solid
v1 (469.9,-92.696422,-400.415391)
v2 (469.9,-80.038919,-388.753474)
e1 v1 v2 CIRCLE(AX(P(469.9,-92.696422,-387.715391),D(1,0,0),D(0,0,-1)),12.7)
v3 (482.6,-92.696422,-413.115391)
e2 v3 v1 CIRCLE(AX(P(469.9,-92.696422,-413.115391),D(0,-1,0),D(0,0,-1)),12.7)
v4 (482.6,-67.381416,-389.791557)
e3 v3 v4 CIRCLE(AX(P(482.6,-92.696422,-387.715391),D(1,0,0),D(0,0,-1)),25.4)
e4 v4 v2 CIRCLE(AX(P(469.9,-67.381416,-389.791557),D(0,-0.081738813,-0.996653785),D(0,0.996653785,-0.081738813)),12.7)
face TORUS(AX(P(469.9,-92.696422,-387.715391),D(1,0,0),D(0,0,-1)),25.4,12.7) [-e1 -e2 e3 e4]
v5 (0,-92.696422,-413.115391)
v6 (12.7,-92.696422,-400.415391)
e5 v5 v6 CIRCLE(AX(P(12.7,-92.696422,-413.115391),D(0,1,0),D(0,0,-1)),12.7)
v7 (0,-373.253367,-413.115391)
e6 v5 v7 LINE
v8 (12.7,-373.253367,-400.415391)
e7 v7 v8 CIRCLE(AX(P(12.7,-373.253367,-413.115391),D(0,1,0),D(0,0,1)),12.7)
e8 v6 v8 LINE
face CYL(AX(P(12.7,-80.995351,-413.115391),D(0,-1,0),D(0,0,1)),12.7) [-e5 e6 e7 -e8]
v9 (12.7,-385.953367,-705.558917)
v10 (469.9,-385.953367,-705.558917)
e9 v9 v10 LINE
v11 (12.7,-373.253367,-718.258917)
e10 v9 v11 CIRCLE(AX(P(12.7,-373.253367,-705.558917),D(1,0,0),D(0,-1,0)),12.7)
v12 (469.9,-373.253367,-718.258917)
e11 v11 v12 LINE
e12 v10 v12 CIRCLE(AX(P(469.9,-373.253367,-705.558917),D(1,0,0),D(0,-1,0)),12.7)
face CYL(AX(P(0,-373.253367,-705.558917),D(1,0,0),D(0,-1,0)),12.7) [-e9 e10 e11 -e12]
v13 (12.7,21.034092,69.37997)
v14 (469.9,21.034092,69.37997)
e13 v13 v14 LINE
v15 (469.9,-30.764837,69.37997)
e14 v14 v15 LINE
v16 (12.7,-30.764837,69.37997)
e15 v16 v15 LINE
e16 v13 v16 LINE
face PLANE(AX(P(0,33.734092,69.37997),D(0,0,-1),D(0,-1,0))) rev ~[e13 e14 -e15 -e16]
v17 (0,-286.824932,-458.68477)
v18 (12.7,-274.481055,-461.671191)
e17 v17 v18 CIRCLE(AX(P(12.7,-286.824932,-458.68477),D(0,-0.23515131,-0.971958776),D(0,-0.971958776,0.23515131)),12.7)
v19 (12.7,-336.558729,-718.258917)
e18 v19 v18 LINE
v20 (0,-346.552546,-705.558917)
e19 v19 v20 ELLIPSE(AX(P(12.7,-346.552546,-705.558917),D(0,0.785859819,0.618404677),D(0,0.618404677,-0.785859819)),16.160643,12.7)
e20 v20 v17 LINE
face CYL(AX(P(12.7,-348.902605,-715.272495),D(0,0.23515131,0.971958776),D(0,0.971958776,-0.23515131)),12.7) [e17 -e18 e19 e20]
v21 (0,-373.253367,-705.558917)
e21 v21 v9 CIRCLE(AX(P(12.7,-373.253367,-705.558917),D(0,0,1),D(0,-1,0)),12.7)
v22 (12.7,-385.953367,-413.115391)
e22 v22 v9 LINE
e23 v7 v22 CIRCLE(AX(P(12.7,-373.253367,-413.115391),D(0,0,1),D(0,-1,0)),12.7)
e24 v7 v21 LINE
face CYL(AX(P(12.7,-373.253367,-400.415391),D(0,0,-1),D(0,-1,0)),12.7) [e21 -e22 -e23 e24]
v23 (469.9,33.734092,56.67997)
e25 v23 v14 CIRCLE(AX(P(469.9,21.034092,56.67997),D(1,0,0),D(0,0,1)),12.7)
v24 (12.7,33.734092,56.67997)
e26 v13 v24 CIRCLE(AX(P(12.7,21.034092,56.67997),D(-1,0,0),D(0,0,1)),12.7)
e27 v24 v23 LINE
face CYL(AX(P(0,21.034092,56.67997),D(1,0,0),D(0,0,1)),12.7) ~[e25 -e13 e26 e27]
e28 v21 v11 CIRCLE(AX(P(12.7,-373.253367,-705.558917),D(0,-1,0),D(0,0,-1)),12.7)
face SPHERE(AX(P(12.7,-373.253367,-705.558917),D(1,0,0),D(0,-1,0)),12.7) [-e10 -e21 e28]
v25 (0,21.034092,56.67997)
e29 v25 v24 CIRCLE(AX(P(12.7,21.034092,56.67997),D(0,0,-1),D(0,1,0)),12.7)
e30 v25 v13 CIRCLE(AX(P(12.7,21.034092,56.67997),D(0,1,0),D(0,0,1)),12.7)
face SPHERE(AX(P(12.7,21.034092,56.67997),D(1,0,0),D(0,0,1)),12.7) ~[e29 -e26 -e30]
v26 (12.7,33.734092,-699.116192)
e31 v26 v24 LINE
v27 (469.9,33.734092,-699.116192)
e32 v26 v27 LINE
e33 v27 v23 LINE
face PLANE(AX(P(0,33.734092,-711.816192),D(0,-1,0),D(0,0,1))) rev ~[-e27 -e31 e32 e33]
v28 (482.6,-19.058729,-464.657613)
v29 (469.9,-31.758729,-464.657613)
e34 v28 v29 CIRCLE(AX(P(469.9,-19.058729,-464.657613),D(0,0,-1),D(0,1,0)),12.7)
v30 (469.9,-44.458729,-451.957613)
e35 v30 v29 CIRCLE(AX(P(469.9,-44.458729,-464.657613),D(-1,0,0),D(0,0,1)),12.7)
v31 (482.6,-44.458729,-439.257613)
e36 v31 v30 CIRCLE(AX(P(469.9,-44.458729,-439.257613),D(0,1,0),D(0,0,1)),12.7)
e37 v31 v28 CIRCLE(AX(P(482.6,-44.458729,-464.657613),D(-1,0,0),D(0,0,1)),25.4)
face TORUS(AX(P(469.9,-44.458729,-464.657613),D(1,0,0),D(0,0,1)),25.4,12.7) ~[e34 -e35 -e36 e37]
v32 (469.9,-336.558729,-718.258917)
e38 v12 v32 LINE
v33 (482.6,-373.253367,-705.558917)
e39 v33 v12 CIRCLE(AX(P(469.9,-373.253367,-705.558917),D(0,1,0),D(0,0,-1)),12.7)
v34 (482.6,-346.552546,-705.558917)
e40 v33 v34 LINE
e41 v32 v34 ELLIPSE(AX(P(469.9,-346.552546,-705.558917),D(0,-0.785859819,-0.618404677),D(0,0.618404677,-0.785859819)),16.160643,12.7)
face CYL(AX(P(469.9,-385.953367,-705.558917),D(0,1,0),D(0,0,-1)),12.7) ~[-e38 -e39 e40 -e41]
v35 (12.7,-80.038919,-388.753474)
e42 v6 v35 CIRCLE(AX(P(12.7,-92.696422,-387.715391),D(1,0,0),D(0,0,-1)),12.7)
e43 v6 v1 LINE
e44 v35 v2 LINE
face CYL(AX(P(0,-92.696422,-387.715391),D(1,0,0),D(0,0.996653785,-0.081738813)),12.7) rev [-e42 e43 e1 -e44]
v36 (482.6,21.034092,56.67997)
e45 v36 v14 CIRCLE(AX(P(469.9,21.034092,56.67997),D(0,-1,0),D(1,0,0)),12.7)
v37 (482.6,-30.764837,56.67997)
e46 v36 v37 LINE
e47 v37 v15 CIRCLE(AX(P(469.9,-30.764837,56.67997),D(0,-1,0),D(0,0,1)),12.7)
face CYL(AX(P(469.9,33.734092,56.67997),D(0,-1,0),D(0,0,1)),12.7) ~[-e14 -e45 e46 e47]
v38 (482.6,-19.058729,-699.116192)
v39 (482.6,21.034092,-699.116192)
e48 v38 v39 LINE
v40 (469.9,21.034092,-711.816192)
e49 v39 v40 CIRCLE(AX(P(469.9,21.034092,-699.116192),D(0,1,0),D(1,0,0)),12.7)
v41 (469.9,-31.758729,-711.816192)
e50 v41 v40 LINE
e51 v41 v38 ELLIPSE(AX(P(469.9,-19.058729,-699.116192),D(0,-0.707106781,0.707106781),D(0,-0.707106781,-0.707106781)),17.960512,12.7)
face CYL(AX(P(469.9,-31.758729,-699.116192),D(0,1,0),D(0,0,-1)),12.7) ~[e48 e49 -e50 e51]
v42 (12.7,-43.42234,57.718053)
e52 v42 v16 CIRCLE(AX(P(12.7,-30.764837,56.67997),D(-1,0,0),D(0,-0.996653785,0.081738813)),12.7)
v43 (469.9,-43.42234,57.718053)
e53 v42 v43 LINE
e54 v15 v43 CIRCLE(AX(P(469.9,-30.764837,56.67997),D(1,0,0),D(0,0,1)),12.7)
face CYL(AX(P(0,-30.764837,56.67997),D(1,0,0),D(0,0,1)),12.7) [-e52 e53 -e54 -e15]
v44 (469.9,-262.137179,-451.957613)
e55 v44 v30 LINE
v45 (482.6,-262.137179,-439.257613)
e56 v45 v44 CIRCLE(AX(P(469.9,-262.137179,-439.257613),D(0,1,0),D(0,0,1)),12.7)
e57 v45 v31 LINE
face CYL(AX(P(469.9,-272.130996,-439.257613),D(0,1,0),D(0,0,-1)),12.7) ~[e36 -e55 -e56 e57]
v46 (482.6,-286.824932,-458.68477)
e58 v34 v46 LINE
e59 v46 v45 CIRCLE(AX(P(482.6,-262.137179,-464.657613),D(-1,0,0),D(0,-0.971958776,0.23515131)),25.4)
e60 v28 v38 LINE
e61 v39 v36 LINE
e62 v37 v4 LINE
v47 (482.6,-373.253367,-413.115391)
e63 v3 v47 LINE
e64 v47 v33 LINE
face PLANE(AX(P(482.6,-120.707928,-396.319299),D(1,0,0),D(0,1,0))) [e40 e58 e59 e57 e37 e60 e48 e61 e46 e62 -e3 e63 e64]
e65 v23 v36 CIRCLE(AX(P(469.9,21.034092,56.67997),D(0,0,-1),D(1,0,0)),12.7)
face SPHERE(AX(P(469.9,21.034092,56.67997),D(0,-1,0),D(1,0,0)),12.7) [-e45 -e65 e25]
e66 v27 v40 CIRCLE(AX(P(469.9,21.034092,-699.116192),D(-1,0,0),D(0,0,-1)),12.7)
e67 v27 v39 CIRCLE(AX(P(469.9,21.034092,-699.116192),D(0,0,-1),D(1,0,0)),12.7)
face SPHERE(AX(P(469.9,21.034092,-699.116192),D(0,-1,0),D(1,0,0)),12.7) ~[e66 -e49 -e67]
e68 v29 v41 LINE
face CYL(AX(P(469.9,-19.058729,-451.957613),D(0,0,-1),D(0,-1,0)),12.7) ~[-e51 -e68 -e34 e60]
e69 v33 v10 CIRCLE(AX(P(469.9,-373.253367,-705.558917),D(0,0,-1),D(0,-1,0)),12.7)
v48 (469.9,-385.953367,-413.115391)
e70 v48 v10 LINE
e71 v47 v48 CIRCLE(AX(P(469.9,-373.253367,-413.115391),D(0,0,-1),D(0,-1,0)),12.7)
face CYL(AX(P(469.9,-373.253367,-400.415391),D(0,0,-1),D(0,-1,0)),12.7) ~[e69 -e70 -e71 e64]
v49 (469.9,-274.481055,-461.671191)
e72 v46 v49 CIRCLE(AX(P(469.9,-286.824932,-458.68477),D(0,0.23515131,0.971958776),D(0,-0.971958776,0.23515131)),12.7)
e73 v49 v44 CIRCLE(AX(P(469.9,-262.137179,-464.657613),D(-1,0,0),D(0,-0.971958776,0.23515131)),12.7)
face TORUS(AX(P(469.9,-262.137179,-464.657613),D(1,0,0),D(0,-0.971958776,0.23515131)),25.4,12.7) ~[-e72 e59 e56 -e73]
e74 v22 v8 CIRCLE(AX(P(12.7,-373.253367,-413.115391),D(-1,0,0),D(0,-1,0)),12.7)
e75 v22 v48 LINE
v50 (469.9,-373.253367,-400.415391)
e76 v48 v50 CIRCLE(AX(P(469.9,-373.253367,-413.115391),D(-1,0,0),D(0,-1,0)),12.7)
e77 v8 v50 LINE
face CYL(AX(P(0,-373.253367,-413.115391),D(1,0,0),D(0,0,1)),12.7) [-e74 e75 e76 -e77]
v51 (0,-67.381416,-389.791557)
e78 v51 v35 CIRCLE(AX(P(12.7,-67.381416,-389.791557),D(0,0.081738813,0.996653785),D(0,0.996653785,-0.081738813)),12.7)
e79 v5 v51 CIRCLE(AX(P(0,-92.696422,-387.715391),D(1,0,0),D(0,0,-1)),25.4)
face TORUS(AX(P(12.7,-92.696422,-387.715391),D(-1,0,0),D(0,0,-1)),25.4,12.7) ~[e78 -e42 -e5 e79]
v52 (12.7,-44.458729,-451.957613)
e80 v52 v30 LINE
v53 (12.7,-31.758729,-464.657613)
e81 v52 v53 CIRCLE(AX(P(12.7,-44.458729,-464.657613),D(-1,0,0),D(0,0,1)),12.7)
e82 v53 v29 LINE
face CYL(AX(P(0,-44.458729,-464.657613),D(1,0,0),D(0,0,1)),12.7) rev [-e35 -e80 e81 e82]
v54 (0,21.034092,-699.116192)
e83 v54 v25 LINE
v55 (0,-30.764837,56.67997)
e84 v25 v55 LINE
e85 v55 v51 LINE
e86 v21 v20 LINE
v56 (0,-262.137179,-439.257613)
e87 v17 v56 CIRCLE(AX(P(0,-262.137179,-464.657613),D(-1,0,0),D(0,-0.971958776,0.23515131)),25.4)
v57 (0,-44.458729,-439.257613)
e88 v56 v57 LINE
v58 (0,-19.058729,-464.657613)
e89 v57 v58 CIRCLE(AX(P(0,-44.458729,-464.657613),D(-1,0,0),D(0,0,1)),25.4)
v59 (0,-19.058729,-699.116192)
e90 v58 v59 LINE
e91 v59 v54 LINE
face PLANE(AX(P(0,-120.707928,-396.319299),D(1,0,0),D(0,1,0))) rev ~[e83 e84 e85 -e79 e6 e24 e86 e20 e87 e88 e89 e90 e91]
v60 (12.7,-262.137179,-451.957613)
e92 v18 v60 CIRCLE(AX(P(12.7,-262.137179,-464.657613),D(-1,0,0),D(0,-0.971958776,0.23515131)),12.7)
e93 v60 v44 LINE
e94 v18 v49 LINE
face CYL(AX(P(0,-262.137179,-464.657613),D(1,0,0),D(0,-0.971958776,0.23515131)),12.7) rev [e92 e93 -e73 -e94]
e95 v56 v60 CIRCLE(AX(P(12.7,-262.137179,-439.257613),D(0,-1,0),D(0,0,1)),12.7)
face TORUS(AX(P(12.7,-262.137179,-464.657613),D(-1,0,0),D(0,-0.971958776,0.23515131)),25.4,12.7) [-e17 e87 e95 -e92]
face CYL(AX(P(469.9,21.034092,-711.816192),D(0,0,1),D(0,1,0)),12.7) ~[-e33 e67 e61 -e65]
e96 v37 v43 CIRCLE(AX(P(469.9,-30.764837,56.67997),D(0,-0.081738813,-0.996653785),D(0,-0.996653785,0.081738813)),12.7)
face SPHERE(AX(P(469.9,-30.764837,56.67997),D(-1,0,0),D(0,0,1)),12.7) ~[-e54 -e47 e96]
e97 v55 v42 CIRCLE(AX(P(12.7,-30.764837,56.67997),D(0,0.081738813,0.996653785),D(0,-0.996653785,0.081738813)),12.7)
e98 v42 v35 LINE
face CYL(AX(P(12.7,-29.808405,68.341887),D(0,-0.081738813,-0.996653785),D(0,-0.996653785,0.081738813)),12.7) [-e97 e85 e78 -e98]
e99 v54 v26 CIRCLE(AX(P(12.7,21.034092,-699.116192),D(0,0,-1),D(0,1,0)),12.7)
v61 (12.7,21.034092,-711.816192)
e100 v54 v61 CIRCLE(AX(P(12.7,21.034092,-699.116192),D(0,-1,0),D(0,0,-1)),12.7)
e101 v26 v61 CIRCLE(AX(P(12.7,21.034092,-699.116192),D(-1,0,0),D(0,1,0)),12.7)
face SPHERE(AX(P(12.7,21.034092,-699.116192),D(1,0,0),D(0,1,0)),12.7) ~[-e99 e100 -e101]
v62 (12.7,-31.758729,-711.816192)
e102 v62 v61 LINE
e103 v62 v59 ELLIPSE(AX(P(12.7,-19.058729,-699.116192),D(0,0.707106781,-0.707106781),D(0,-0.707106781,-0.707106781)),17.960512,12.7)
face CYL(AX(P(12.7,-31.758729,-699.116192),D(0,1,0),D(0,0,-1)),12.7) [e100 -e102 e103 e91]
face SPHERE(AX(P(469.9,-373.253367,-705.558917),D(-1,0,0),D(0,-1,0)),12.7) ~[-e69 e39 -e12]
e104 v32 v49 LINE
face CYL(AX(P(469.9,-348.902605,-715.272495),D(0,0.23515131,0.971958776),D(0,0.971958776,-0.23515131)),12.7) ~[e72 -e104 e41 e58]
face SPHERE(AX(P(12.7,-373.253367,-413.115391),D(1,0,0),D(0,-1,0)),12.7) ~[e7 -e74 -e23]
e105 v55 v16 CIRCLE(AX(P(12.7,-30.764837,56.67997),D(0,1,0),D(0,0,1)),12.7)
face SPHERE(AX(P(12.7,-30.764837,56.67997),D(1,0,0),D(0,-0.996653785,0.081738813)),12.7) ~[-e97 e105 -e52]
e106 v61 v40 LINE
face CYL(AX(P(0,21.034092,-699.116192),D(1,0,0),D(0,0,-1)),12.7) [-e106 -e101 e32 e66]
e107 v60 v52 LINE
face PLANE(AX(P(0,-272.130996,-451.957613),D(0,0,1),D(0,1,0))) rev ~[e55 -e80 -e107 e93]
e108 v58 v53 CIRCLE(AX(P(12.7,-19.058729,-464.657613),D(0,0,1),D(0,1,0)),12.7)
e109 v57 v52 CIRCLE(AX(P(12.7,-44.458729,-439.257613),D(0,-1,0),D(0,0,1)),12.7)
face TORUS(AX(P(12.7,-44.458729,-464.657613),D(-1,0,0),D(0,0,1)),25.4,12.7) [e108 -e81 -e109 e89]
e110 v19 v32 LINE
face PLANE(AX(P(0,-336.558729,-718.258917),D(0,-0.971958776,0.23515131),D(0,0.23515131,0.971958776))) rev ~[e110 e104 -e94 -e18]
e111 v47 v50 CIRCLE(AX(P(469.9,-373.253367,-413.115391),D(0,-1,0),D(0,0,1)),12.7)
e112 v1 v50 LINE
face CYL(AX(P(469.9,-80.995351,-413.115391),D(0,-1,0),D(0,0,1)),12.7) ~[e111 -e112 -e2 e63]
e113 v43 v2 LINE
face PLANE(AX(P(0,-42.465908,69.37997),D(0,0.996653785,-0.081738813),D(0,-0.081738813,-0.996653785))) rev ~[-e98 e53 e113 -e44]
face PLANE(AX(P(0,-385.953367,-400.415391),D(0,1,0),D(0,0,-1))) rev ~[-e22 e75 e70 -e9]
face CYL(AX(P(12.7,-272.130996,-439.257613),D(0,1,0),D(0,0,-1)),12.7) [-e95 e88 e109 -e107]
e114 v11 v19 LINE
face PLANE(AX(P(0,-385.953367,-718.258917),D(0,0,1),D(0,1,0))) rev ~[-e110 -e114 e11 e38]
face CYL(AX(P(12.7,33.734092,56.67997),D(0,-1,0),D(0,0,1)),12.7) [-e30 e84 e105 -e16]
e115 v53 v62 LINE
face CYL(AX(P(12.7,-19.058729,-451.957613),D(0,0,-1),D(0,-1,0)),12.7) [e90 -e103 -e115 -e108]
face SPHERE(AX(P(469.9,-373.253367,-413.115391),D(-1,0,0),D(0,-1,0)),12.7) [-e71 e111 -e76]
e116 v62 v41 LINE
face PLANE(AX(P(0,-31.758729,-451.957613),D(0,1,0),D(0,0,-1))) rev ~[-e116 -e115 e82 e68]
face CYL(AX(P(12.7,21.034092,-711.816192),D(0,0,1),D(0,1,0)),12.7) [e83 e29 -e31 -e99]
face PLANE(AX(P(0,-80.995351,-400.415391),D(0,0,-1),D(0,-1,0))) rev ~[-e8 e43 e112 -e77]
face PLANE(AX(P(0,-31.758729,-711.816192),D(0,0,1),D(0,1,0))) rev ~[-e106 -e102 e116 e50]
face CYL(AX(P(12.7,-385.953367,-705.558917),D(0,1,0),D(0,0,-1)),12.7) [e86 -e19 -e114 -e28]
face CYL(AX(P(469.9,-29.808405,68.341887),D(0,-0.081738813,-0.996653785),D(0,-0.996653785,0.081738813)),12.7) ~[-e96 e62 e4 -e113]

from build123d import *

# Parameters (mm, degrees)
F1_DEPTH = 482.6
F2_R     = 12.7


with BuildPart() as f1:
    # F0 (on Right) → F1 (new body)
    with BuildSketch(Plane.YZ):
        Polygon((33.734092, 69.37997), (-42.465908, 69.37997), (-80.995351, -400.415391), (-385.953367, -400.415391), (-385.953367, -718.258917), (-336.558729, -718.258917), (-272.130996, -451.957613), (-31.758729, -451.957613), (-31.758729, -711.816192), (33.734092, -711.816192), align=None)
    extrude(amount=F1_DEPTH)

    # F2
    f2_edges = [f1.edges().sort_by_distance(p)[0] for p in [
        (241.3, -385.953367, -400.415391),
        (241.3, -385.953367, -718.258917),
        (0, -385.953367, -559.337154),
        (482.6, -385.953367, -559.337154),
        (241.3, -80.995351, -400.415391),
        (0, -233.474359, -400.415391),
        (482.6, -233.474359, -400.415391),
        (482.6, -4.365908, 69.37997),
        (482.6, -61.730629, -165.51771),
        (482.6, -361.256048, -718.258917),
        (482.6, -304.344863, -585.108265),
        (482.6, -151.944863, -451.957613),
        (482.6, -31.758729, -581.886902),
        (482.6, 0.987682, -711.816192),
        (482.6, 33.734092, -321.218111),
        (241.3, -42.465908, 69.37997),
        (0, -61.730629, -165.51771),
        (241.3, 33.734092, 69.37997),
        (0, -4.365908, 69.37997),
        (241.3, 33.734092, -711.816192),
        (0, 33.734092, -321.218111),
        (0, -361.256048, -718.258917),
        (0, -304.344863, -585.108265),
        (0, -151.944863, -451.957613),
        (0, -31.758729, -581.886902),
        (0, 0.987682, -711.816192),
        (241.3, -272.130996, -451.957613),
        (241.3, -31.758729, -451.957613),
    ]]
    fillet(f2_edges, radius=F2_R)


solid = f1.part
